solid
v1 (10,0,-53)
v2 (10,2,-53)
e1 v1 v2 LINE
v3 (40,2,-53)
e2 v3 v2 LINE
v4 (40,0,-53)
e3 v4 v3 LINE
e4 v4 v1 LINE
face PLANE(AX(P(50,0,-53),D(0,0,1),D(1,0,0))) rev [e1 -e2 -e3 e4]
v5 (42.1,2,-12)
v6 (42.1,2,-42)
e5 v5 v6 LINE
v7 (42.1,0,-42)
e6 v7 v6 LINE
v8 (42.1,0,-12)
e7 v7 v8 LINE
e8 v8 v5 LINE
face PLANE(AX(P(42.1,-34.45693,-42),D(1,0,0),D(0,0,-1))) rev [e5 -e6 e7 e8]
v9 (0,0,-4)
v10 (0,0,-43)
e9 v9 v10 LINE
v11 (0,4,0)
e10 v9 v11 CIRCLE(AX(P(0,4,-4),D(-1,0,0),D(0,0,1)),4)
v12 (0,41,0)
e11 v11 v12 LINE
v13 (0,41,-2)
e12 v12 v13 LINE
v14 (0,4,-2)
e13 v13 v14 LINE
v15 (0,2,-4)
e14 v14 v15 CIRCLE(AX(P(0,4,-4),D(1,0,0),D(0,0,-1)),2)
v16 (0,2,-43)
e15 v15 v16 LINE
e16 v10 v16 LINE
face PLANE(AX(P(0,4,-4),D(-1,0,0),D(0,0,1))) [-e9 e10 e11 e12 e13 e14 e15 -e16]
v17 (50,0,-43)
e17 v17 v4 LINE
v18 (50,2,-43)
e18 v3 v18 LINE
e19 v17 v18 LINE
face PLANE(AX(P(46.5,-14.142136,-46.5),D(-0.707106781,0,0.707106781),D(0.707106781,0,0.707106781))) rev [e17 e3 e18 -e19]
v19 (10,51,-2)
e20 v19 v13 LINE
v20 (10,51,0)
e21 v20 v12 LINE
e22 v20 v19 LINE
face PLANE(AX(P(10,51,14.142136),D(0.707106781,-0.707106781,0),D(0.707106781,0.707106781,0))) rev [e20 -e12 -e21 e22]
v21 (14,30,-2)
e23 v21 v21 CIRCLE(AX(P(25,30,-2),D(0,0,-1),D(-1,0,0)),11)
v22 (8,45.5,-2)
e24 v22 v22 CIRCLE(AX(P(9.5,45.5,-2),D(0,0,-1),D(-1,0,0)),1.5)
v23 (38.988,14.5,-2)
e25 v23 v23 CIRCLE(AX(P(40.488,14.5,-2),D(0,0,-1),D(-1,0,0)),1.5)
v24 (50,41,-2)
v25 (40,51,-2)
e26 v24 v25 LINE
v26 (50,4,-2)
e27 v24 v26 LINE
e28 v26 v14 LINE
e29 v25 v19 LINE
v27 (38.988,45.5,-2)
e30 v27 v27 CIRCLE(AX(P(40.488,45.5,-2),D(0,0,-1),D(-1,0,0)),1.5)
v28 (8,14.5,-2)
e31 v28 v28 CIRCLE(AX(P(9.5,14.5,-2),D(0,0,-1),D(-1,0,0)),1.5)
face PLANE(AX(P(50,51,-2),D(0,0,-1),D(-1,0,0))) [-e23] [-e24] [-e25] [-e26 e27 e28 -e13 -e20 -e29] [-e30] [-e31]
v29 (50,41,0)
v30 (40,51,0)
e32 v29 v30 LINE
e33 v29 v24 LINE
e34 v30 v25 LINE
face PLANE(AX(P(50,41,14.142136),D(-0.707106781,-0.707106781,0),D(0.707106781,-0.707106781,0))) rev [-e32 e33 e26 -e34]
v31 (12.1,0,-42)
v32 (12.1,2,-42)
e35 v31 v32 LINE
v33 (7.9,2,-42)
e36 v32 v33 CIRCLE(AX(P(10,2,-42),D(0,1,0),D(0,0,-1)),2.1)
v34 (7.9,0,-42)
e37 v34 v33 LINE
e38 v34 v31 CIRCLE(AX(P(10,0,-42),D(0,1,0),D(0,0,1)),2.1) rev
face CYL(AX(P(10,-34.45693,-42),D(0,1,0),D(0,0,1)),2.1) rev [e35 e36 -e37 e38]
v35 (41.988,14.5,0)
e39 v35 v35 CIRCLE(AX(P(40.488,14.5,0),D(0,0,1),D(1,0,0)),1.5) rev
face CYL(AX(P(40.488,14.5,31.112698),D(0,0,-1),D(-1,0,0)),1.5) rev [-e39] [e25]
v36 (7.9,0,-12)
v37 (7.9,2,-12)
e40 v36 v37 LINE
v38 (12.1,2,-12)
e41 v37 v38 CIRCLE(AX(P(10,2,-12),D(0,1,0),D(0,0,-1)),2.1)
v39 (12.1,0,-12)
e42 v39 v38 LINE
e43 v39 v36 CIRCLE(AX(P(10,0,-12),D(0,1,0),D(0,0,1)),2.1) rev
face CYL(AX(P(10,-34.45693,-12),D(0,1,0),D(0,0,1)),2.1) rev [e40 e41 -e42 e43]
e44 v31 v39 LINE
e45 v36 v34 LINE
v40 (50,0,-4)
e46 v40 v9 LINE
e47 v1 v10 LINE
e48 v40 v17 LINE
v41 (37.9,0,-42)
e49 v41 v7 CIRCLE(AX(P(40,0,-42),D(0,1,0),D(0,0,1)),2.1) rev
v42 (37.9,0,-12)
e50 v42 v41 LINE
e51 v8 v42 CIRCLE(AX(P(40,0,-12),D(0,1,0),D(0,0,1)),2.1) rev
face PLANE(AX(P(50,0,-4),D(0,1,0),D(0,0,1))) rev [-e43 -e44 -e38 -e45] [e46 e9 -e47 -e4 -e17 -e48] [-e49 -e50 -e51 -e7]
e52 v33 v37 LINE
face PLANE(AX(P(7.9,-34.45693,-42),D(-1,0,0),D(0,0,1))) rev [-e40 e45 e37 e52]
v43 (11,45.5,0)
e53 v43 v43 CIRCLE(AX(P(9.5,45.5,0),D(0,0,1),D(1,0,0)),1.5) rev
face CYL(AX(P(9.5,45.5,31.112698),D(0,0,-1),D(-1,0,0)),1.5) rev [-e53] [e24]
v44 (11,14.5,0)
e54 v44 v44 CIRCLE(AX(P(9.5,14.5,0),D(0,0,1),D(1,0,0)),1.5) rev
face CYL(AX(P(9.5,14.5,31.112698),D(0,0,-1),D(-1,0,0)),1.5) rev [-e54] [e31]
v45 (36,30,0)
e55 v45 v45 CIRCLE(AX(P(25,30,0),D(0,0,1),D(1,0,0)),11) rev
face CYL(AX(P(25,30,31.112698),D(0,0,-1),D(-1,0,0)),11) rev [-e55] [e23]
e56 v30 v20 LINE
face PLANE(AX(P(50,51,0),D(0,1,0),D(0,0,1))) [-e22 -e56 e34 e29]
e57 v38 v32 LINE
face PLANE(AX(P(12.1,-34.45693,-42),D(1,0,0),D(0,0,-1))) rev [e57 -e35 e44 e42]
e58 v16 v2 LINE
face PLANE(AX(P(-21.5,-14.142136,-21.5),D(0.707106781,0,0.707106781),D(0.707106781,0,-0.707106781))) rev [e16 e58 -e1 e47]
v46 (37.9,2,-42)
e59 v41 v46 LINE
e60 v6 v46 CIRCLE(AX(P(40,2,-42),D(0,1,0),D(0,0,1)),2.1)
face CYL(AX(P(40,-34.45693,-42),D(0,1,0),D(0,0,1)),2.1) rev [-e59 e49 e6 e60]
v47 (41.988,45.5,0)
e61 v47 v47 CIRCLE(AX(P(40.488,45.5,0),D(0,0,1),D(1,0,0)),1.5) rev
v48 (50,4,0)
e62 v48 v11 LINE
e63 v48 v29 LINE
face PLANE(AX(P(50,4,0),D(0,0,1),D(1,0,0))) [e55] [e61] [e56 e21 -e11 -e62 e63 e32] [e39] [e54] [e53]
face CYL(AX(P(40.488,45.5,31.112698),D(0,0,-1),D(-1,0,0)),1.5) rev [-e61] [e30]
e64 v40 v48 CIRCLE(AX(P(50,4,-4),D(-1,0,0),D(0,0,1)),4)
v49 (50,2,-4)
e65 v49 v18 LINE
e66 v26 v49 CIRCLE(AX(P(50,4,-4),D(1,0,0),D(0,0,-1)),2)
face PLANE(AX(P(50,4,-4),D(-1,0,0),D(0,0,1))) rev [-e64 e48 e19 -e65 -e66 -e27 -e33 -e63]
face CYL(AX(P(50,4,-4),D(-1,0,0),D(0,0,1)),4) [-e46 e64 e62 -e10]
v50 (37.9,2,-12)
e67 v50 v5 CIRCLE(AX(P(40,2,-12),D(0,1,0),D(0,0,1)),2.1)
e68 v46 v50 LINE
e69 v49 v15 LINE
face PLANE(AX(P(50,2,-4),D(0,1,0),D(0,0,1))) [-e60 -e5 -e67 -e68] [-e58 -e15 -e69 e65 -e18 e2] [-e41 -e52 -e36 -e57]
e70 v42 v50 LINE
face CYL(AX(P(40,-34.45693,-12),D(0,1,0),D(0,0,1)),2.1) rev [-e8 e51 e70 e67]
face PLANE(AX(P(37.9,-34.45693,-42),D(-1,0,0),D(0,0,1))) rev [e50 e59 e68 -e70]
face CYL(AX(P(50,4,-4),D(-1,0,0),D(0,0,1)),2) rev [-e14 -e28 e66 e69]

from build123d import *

# Parameters (mm, degrees)
BOSS_EXTRUDE1_DEPTH = 50
SKETCH2_R           = 11
SKETCH2_R_2         = 1.5
CUT_EXTRUDE1_DEPTH  = 2
CUT_EXTRUDE2_DEPTH  = 2
CUT_EXTRUDE3_DEPTH  = 2
CUT_EXTRUDE4_DEPTH  = 2


with BuildPart() as part:
    # Sketch1 → Boss-Extrude1 (new body)
    with BuildSketch(Plane(origin=(0, 0, 0), x_dir=(0, 0, -1), z_dir=(1, 0, 0))):
        with BuildLine():
            Line((4, 0), (53, 0))
            Line((53, 0), (53, 2))
            Line((53, 2), (4, 2))
            ThreePointArc((4, 2), (2.585786438, 2.585786438), (2, 4))
            Line((2, 4), (2, 51))
            Line((2, 51), (0, 51))
            Line((0, 51), (0, 4))
            ThreePointArc((0, 4), (1.171572875, 1.171572875), (4, 0))
        make_face()
    extrude(amount=BOSS_EXTRUDE1_DEPTH)

    # Sketch2 → Cut-Extrude1 (cut)
    with BuildSketch(Plane(origin=(0, 0, -2), x_dir=(-1, 0, 0), z_dir=(0, 0, -1))):
        with Locations((-25, 30)):
            Circle(SKETCH2_R)
        with Locations((-9.5, 45.5)):
            Circle(SKETCH2_R_2)
        with Locations((-40.488, 45.5)):
            Circle(SKETCH2_R_2)
        with Locations((-40.488, 14.5)):
            Circle(SKETCH2_R_2)
        with Locations((-9.5, 14.5)):
            Circle(SKETCH2_R_2)
    extrude(amount=-CUT_EXTRUDE1_DEPTH, mode=Mode.SUBTRACT)

    # Sketch3 → Cut-Extrude2 (cut)
    with BuildSketch(Plane(origin=(0, 2, 0), x_dir=(1, 0, 0), z_dir=(0, 1, 0))):
        with BuildLine():
            Line((42.1, 42), (42.1, 12))
            ThreePointArc((42.1, 12), (40, 9.9), (37.9, 12))
            Line((37.9, 12), (37.9, 42))
            ThreePointArc((37.9, 42), (40, 44.1), (42.1, 42))
        make_face()
        with BuildLine():
            Line((7.9, 42), (7.9, 12))
            ThreePointArc((7.9, 12), (10, 9.9), (12.1, 12))
            Line((12.1, 12), (12.1, 42))
            ThreePointArc((12.1, 42), (10, 44.1), (7.9, 42))
        make_face()
    extrude(amount=-CUT_EXTRUDE2_DEPTH, mode=Mode.SUBTRACT)

    # Sketch4 → Cut-Extrude3 (cut)
    with BuildSketch(Plane(origin=(0, 2, 0), x_dir=(1, 0, 0), z_dir=(0, 1, 0))):
        Polygon((0, 53), (0, 43), (10, 53), align=None)
        Polygon((50, 53), (40, 53), (50, 43), align=None)
    extrude(amount=-CUT_EXTRUDE3_DEPTH, mode=Mode.SUBTRACT)

    # Sketch5 → Cut-Extrude4 (cut)
    with BuildSketch(Plane(origin=(0, 0, -2), x_dir=(-1, 0, 0), z_dir=(0, 0, -1))):
        Polygon((-50, 41), (-40, 51), (-50, 51), align=None)
        Polygon((-10, 51), (0, 41), (0, 51), align=None)
    extrude(amount=-CUT_EXTRUDE4_DEPTH, mode=Mode.SUBTRACT)


solid = part.part
